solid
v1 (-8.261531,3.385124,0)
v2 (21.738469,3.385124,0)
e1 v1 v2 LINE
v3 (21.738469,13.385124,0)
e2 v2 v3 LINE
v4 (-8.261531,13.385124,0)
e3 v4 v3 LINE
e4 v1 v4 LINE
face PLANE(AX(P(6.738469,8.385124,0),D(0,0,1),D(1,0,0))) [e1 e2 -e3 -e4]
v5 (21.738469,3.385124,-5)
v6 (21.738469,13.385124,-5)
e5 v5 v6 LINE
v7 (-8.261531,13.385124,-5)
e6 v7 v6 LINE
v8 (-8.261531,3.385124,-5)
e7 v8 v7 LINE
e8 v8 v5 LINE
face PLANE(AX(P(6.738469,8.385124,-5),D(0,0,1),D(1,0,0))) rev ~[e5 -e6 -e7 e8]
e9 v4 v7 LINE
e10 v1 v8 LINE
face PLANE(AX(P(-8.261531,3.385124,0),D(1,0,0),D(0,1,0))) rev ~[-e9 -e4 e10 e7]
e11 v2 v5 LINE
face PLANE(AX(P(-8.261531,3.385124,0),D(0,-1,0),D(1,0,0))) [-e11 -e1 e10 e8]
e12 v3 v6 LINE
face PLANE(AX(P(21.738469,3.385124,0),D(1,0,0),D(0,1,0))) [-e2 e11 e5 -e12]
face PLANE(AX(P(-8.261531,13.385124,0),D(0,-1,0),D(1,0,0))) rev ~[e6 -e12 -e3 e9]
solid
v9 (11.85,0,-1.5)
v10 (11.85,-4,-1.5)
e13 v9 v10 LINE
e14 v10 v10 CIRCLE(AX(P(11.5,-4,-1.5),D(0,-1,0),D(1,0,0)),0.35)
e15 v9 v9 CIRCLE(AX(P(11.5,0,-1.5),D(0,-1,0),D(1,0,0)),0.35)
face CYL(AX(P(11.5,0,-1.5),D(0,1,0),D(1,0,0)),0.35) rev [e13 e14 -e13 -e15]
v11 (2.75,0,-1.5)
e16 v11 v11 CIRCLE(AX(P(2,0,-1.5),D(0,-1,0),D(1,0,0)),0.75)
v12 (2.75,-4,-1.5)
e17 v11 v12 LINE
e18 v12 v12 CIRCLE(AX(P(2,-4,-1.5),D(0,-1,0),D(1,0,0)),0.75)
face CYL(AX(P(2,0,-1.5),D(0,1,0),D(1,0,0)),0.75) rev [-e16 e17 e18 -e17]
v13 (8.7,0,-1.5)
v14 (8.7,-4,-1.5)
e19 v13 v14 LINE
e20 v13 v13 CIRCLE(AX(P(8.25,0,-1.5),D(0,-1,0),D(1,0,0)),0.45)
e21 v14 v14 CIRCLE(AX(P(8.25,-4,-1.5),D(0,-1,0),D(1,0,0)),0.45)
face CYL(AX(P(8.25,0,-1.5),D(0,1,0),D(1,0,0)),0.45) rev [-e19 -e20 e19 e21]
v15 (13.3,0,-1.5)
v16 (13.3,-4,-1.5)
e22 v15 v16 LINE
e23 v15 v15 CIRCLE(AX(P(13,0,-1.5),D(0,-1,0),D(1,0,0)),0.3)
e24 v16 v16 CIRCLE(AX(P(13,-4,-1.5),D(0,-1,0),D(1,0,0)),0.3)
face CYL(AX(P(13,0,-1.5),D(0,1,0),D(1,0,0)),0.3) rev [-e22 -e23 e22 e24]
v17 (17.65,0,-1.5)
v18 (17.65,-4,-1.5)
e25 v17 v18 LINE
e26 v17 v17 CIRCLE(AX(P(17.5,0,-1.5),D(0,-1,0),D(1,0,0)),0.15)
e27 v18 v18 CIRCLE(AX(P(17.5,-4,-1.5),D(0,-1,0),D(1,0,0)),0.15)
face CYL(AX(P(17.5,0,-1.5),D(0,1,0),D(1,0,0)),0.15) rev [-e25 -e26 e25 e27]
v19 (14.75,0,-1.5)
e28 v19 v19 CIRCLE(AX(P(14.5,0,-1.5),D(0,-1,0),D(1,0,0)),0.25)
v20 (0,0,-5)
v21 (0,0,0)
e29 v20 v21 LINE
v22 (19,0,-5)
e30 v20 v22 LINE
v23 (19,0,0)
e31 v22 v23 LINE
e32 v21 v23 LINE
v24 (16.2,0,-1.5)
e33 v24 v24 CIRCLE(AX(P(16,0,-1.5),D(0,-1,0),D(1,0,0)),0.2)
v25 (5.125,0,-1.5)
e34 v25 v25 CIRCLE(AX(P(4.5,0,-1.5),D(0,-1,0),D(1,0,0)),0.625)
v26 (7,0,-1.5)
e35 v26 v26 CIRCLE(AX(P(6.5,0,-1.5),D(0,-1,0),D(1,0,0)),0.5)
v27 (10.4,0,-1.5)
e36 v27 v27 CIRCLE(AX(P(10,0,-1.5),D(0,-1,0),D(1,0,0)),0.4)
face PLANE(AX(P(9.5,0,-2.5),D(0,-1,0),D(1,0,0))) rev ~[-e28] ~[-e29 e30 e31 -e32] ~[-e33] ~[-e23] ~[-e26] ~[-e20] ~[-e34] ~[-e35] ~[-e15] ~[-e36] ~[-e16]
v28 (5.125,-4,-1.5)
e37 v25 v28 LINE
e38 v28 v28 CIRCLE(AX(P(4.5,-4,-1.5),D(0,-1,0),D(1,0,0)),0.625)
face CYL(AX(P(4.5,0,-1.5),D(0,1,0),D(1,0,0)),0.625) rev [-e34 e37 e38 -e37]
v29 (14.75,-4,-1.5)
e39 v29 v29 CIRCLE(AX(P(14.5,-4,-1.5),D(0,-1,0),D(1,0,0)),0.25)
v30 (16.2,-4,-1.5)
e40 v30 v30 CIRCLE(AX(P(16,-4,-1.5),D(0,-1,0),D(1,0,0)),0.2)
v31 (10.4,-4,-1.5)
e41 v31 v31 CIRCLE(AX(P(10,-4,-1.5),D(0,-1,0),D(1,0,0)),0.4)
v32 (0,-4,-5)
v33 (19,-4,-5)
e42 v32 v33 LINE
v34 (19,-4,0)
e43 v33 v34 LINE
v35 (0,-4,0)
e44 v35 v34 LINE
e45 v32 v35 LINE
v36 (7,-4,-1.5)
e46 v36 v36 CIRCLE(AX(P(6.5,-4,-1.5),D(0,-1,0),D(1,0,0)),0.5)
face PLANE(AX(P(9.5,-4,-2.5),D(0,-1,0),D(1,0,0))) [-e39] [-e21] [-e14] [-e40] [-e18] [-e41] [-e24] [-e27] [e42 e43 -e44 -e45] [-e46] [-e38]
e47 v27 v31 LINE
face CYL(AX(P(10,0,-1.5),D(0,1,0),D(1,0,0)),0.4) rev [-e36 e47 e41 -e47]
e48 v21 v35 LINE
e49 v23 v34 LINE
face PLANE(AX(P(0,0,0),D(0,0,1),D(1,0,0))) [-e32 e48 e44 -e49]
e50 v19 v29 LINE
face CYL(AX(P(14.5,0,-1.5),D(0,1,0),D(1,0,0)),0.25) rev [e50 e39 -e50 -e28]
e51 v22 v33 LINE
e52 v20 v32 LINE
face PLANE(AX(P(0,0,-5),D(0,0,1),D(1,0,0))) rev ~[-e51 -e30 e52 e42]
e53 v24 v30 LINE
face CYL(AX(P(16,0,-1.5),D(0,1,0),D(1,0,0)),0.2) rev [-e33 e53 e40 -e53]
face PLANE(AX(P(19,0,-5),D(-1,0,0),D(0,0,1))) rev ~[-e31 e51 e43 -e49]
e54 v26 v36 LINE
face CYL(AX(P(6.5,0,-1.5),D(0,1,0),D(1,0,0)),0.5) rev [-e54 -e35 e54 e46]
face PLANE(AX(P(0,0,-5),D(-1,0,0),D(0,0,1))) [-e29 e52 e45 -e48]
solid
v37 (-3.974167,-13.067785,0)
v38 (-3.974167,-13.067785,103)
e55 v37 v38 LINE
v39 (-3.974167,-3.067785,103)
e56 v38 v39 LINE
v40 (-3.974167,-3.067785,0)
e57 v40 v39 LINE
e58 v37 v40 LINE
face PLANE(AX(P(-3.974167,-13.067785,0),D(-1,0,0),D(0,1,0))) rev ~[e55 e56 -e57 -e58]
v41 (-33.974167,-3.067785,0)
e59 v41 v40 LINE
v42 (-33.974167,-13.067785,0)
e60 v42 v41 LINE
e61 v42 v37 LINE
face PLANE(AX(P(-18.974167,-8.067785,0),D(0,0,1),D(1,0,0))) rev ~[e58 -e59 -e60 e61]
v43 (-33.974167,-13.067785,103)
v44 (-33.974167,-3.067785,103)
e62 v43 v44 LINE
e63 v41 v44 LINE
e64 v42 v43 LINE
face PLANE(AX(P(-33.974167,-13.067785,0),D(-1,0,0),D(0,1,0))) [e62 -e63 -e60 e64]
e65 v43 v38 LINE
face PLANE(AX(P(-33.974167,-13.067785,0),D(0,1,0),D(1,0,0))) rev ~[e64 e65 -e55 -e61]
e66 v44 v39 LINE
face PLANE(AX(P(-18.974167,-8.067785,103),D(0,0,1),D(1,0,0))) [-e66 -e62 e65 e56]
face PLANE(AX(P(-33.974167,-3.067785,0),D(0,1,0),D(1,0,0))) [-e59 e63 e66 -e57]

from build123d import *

# Parameters (mm, degrees)
F0_W     = 19
F0_H     = 5
F0_R     = 0.75
F0_R_2   = 0.625
F0_R_3   = 0.5
F0_R_4   = 0.45
F0_R_5   = 0.4
F0_R_6   = 0.35
F0_R_7   = 0.3
F0_R_8   = 0.25
F0_R_9   = 0.2
F0_R_10  = 0.15
F1_DEPTH = 4
F2_W     = 30
F2_H     = 10
F3_DEPTH = 5
F4_W     = 30
F4_H     = 10
F5_DEPTH = 103


with BuildPart() as f1:
    # F0 (on Front) → F1 (new body)
    with BuildSketch(Plane.XZ):
        with Locations((9.5, -2.5)):
            Rectangle(F0_W, F0_H)
        with Locations((2, -1.5)):
            Circle(F0_R, mode=Mode.SUBTRACT)
        with Locations((4.5, -1.5)):
            Circle(F0_R_2, mode=Mode.SUBTRACT)
        with Locations((6.5, -1.5)):
            Circle(F0_R_3, mode=Mode.SUBTRACT)
        with Locations((8.25, -1.5)):
            Circle(F0_R_4, mode=Mode.SUBTRACT)
        with Locations((10, -1.5)):
            Circle(F0_R_5, mode=Mode.SUBTRACT)
        with Locations((11.5, -1.5)):
            Circle(F0_R_6, mode=Mode.SUBTRACT)
        with Locations((13, -1.5)):
            Circle(F0_R_7, mode=Mode.SUBTRACT)
        with Locations((14.5, -1.5)):
            Circle(F0_R_8, mode=Mode.SUBTRACT)
        with Locations((16, -1.5)):
            Circle(F0_R_9, mode=Mode.SUBTRACT)
        with Locations((17.5, -1.5)):
            Circle(F0_R_10, mode=Mode.SUBTRACT)
    extrude(amount=F1_DEPTH)


with BuildPart() as f3:
    # F2 (on Top) → F3 (new body)
    with BuildSketch(Plane.XY):
        with Locations((6.738469, 8.385124)):
            Rectangle(F2_W, F2_H)
    extrude(amount=-F3_DEPTH)


with BuildPart() as f5:
    # F4 (on Top) → F5 (new body)
    with BuildSketch(Plane.XY):
        with Locations((-18.974167, -8.067785)):
            Rectangle(F4_W, F4_H)
    extrude(amount=F5_DEPTH)


solid = Compound([f1.part, f3.part, f5.part])
